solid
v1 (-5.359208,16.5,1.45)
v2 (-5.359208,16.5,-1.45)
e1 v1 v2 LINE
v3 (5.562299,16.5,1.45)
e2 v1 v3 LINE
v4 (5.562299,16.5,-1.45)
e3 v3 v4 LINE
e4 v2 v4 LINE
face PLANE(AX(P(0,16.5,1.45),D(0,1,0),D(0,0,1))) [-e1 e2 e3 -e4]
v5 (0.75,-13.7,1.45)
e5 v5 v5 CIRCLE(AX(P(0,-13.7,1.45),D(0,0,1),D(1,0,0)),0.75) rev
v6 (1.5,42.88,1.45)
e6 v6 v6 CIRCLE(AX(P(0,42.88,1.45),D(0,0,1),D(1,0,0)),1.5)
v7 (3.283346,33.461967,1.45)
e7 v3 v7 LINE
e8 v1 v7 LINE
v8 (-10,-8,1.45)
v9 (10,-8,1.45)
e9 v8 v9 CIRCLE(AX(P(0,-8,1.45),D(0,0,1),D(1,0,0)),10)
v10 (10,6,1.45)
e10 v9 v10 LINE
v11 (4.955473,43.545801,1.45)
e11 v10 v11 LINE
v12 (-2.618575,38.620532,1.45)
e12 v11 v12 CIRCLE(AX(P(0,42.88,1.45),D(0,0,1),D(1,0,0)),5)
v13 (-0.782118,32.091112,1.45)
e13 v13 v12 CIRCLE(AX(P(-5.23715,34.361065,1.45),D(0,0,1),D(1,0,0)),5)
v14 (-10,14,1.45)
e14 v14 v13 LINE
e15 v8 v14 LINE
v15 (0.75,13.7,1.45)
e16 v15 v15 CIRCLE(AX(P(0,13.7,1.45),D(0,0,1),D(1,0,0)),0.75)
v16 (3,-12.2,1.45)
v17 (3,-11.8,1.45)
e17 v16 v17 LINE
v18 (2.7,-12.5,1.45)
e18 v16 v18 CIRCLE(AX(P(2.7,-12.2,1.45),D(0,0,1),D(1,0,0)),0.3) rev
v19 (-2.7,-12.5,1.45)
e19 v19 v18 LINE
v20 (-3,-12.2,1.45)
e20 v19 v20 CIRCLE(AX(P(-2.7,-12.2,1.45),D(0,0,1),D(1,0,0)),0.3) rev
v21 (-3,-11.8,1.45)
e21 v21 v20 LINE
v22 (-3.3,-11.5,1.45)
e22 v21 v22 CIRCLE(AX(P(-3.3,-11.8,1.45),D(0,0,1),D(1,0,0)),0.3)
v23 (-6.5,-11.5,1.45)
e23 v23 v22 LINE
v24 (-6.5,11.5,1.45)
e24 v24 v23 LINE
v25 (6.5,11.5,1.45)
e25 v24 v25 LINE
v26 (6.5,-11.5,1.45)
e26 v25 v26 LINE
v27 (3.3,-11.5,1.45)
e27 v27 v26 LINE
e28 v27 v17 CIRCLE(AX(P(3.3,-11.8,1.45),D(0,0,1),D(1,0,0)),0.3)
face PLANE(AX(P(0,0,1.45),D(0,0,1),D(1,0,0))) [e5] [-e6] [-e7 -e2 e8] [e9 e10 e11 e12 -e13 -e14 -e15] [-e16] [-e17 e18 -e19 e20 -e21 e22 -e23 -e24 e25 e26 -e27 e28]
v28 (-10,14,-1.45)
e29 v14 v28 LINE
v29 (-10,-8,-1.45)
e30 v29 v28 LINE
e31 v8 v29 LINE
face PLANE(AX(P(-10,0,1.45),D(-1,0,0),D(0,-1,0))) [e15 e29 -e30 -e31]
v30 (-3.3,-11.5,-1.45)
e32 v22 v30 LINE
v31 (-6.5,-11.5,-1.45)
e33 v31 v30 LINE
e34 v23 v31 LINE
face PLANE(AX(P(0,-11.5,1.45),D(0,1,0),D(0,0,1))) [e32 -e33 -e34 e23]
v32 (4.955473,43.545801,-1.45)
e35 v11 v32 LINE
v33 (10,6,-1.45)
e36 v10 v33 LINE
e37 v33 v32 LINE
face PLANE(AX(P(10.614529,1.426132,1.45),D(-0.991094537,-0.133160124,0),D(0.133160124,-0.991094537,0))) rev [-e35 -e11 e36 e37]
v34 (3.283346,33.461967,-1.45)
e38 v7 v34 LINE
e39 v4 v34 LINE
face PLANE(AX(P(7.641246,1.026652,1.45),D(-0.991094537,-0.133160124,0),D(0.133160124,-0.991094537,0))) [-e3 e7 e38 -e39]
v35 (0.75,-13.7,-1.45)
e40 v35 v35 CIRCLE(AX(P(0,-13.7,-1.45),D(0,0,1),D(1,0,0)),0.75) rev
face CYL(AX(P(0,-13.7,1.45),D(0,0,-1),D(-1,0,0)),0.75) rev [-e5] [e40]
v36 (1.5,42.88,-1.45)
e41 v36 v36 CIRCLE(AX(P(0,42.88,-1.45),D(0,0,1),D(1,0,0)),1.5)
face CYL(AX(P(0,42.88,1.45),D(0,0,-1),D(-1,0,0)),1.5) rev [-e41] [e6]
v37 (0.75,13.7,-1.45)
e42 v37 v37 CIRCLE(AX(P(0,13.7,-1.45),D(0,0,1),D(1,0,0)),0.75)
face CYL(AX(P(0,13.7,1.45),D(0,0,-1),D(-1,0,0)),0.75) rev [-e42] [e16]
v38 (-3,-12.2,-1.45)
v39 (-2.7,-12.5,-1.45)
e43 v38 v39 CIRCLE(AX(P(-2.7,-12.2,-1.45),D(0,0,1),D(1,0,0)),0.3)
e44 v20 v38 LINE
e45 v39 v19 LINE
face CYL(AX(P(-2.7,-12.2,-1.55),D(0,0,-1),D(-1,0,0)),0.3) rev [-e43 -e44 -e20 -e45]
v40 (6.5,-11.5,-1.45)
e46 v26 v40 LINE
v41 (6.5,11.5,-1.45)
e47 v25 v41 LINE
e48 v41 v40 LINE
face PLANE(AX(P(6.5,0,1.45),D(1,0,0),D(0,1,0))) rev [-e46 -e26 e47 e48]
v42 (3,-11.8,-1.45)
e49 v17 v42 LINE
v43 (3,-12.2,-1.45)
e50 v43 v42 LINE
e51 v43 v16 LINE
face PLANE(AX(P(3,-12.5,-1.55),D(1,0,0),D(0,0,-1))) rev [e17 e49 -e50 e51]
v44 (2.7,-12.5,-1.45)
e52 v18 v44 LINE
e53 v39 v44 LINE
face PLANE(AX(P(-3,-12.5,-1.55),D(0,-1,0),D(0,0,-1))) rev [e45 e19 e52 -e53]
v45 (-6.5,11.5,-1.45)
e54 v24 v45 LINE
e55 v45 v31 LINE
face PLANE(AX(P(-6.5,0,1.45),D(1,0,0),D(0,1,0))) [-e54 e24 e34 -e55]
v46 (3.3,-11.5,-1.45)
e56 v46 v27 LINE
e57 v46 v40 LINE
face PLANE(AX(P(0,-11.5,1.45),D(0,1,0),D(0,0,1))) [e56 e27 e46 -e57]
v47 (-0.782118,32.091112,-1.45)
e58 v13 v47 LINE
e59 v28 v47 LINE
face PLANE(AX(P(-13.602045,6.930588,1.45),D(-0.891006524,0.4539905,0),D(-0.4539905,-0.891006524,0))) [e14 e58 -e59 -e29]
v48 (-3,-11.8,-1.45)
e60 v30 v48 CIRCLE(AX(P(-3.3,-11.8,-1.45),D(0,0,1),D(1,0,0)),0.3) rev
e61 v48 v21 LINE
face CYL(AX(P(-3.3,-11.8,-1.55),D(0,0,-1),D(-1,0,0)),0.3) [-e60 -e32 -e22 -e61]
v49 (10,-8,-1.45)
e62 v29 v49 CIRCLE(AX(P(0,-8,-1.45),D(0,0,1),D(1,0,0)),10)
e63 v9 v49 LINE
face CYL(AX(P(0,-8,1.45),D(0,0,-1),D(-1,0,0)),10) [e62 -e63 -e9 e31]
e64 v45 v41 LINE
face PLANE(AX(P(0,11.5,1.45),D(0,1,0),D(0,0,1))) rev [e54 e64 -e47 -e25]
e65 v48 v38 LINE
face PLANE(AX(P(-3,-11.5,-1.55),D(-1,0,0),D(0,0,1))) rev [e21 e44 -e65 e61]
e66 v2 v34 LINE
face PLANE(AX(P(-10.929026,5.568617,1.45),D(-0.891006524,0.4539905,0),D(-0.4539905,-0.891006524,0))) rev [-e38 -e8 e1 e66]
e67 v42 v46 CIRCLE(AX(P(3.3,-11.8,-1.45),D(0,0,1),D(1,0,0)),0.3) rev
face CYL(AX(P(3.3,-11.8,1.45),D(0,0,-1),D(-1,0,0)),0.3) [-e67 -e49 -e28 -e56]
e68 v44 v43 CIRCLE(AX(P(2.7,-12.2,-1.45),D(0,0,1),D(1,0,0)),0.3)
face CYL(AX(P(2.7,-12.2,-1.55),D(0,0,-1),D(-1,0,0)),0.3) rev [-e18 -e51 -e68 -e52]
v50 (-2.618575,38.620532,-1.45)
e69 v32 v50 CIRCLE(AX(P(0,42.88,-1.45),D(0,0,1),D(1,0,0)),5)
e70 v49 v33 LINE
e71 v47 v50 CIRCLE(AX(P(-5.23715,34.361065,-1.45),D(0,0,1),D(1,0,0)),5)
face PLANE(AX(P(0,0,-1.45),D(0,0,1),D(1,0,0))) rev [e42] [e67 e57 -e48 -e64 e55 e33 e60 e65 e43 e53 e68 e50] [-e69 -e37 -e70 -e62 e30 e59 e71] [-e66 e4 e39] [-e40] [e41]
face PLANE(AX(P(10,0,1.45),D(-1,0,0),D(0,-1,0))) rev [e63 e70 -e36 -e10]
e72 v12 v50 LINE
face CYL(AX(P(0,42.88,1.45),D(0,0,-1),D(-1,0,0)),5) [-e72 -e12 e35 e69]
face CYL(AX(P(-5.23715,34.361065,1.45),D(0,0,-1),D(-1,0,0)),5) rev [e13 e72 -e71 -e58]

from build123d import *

# Parameters (mm, degrees)
SKETCH_1_R          = 0.75
SKETCH_1_W          = 13
SKETCH_1_H          = 23
SKETCH_1_R_2        = 1.5
EXTRUDE_1_DEPTH     = 1.45
SKETCH_2_W          = 6
SKETCH_2_H          = 1
CUT_EXTRUDE_1_DEPTH = 3
FILLET_1_R          = 0.3


with BuildPart() as part:
    # 草图1 → 凸台-拉伸1 (new body, symmetric)
    with BuildSketch(Plane.XY):
        with BuildLine():
            ThreePointArc((-10, -8), (0, -18), (10, -8))
            Line((10, -8), (10, 6))
            Line((10, 6), (4.955472685, 43.54580062))
            ThreePointArc((4.955472685, 43.54580062), (-2.725773115, 47.071677579), (-2.618575221, 38.62053245))
            ThreePointArc((-2.618575221, 38.62053245), (-0.423906888, 35.714832413), (-0.782117822, 32.091112401))
            Line((-0.782117822, 32.091112401), (-10, 14))
            Line((-10, 14), (-10, -8))
        make_face()
        with Locations((0, -13.7)):
            Circle(SKETCH_1_R, mode=Mode.SUBTRACT)
        Rectangle(SKETCH_1_W, SKETCH_1_H, mode=Mode.SUBTRACT)
        with Locations((0, 13.7)):
            Circle(SKETCH_1_R, mode=Mode.SUBTRACT)
        with Locations((0, 42.88)):
            Circle(SKETCH_1_R_2, mode=Mode.SUBTRACT)
        Polygon((5.562298916, 16.5), (-5.359207663, 16.5), (3.283346167, 33.461966942), align=None, mode=Mode.SUBTRACT)
    extrude(amount=EXTRUDE_1_DEPTH, both=True)

    # 草图2 → 切除-拉伸1 (cut)
    with BuildSketch(Plane.XY.offset(1.45)):
        with Locations((0, -12)):
            Rectangle(SKETCH_2_W, SKETCH_2_H)
    extrude(amount=-CUT_EXTRUDE_1_DEPTH, mode=Mode.SUBTRACT)

    # 圆角1
    fillet_1_edges = [part.edges().sort_by_distance(p)[0] for p in [
        (-3, -11.5, 0),
        (3, -11.5, 0),
        (3, -12.5, 0),
        (-3, -12.5, 0),
    ]]
    fillet(fillet_1_edges, radius=FILLET_1_R)


solid = part.part
